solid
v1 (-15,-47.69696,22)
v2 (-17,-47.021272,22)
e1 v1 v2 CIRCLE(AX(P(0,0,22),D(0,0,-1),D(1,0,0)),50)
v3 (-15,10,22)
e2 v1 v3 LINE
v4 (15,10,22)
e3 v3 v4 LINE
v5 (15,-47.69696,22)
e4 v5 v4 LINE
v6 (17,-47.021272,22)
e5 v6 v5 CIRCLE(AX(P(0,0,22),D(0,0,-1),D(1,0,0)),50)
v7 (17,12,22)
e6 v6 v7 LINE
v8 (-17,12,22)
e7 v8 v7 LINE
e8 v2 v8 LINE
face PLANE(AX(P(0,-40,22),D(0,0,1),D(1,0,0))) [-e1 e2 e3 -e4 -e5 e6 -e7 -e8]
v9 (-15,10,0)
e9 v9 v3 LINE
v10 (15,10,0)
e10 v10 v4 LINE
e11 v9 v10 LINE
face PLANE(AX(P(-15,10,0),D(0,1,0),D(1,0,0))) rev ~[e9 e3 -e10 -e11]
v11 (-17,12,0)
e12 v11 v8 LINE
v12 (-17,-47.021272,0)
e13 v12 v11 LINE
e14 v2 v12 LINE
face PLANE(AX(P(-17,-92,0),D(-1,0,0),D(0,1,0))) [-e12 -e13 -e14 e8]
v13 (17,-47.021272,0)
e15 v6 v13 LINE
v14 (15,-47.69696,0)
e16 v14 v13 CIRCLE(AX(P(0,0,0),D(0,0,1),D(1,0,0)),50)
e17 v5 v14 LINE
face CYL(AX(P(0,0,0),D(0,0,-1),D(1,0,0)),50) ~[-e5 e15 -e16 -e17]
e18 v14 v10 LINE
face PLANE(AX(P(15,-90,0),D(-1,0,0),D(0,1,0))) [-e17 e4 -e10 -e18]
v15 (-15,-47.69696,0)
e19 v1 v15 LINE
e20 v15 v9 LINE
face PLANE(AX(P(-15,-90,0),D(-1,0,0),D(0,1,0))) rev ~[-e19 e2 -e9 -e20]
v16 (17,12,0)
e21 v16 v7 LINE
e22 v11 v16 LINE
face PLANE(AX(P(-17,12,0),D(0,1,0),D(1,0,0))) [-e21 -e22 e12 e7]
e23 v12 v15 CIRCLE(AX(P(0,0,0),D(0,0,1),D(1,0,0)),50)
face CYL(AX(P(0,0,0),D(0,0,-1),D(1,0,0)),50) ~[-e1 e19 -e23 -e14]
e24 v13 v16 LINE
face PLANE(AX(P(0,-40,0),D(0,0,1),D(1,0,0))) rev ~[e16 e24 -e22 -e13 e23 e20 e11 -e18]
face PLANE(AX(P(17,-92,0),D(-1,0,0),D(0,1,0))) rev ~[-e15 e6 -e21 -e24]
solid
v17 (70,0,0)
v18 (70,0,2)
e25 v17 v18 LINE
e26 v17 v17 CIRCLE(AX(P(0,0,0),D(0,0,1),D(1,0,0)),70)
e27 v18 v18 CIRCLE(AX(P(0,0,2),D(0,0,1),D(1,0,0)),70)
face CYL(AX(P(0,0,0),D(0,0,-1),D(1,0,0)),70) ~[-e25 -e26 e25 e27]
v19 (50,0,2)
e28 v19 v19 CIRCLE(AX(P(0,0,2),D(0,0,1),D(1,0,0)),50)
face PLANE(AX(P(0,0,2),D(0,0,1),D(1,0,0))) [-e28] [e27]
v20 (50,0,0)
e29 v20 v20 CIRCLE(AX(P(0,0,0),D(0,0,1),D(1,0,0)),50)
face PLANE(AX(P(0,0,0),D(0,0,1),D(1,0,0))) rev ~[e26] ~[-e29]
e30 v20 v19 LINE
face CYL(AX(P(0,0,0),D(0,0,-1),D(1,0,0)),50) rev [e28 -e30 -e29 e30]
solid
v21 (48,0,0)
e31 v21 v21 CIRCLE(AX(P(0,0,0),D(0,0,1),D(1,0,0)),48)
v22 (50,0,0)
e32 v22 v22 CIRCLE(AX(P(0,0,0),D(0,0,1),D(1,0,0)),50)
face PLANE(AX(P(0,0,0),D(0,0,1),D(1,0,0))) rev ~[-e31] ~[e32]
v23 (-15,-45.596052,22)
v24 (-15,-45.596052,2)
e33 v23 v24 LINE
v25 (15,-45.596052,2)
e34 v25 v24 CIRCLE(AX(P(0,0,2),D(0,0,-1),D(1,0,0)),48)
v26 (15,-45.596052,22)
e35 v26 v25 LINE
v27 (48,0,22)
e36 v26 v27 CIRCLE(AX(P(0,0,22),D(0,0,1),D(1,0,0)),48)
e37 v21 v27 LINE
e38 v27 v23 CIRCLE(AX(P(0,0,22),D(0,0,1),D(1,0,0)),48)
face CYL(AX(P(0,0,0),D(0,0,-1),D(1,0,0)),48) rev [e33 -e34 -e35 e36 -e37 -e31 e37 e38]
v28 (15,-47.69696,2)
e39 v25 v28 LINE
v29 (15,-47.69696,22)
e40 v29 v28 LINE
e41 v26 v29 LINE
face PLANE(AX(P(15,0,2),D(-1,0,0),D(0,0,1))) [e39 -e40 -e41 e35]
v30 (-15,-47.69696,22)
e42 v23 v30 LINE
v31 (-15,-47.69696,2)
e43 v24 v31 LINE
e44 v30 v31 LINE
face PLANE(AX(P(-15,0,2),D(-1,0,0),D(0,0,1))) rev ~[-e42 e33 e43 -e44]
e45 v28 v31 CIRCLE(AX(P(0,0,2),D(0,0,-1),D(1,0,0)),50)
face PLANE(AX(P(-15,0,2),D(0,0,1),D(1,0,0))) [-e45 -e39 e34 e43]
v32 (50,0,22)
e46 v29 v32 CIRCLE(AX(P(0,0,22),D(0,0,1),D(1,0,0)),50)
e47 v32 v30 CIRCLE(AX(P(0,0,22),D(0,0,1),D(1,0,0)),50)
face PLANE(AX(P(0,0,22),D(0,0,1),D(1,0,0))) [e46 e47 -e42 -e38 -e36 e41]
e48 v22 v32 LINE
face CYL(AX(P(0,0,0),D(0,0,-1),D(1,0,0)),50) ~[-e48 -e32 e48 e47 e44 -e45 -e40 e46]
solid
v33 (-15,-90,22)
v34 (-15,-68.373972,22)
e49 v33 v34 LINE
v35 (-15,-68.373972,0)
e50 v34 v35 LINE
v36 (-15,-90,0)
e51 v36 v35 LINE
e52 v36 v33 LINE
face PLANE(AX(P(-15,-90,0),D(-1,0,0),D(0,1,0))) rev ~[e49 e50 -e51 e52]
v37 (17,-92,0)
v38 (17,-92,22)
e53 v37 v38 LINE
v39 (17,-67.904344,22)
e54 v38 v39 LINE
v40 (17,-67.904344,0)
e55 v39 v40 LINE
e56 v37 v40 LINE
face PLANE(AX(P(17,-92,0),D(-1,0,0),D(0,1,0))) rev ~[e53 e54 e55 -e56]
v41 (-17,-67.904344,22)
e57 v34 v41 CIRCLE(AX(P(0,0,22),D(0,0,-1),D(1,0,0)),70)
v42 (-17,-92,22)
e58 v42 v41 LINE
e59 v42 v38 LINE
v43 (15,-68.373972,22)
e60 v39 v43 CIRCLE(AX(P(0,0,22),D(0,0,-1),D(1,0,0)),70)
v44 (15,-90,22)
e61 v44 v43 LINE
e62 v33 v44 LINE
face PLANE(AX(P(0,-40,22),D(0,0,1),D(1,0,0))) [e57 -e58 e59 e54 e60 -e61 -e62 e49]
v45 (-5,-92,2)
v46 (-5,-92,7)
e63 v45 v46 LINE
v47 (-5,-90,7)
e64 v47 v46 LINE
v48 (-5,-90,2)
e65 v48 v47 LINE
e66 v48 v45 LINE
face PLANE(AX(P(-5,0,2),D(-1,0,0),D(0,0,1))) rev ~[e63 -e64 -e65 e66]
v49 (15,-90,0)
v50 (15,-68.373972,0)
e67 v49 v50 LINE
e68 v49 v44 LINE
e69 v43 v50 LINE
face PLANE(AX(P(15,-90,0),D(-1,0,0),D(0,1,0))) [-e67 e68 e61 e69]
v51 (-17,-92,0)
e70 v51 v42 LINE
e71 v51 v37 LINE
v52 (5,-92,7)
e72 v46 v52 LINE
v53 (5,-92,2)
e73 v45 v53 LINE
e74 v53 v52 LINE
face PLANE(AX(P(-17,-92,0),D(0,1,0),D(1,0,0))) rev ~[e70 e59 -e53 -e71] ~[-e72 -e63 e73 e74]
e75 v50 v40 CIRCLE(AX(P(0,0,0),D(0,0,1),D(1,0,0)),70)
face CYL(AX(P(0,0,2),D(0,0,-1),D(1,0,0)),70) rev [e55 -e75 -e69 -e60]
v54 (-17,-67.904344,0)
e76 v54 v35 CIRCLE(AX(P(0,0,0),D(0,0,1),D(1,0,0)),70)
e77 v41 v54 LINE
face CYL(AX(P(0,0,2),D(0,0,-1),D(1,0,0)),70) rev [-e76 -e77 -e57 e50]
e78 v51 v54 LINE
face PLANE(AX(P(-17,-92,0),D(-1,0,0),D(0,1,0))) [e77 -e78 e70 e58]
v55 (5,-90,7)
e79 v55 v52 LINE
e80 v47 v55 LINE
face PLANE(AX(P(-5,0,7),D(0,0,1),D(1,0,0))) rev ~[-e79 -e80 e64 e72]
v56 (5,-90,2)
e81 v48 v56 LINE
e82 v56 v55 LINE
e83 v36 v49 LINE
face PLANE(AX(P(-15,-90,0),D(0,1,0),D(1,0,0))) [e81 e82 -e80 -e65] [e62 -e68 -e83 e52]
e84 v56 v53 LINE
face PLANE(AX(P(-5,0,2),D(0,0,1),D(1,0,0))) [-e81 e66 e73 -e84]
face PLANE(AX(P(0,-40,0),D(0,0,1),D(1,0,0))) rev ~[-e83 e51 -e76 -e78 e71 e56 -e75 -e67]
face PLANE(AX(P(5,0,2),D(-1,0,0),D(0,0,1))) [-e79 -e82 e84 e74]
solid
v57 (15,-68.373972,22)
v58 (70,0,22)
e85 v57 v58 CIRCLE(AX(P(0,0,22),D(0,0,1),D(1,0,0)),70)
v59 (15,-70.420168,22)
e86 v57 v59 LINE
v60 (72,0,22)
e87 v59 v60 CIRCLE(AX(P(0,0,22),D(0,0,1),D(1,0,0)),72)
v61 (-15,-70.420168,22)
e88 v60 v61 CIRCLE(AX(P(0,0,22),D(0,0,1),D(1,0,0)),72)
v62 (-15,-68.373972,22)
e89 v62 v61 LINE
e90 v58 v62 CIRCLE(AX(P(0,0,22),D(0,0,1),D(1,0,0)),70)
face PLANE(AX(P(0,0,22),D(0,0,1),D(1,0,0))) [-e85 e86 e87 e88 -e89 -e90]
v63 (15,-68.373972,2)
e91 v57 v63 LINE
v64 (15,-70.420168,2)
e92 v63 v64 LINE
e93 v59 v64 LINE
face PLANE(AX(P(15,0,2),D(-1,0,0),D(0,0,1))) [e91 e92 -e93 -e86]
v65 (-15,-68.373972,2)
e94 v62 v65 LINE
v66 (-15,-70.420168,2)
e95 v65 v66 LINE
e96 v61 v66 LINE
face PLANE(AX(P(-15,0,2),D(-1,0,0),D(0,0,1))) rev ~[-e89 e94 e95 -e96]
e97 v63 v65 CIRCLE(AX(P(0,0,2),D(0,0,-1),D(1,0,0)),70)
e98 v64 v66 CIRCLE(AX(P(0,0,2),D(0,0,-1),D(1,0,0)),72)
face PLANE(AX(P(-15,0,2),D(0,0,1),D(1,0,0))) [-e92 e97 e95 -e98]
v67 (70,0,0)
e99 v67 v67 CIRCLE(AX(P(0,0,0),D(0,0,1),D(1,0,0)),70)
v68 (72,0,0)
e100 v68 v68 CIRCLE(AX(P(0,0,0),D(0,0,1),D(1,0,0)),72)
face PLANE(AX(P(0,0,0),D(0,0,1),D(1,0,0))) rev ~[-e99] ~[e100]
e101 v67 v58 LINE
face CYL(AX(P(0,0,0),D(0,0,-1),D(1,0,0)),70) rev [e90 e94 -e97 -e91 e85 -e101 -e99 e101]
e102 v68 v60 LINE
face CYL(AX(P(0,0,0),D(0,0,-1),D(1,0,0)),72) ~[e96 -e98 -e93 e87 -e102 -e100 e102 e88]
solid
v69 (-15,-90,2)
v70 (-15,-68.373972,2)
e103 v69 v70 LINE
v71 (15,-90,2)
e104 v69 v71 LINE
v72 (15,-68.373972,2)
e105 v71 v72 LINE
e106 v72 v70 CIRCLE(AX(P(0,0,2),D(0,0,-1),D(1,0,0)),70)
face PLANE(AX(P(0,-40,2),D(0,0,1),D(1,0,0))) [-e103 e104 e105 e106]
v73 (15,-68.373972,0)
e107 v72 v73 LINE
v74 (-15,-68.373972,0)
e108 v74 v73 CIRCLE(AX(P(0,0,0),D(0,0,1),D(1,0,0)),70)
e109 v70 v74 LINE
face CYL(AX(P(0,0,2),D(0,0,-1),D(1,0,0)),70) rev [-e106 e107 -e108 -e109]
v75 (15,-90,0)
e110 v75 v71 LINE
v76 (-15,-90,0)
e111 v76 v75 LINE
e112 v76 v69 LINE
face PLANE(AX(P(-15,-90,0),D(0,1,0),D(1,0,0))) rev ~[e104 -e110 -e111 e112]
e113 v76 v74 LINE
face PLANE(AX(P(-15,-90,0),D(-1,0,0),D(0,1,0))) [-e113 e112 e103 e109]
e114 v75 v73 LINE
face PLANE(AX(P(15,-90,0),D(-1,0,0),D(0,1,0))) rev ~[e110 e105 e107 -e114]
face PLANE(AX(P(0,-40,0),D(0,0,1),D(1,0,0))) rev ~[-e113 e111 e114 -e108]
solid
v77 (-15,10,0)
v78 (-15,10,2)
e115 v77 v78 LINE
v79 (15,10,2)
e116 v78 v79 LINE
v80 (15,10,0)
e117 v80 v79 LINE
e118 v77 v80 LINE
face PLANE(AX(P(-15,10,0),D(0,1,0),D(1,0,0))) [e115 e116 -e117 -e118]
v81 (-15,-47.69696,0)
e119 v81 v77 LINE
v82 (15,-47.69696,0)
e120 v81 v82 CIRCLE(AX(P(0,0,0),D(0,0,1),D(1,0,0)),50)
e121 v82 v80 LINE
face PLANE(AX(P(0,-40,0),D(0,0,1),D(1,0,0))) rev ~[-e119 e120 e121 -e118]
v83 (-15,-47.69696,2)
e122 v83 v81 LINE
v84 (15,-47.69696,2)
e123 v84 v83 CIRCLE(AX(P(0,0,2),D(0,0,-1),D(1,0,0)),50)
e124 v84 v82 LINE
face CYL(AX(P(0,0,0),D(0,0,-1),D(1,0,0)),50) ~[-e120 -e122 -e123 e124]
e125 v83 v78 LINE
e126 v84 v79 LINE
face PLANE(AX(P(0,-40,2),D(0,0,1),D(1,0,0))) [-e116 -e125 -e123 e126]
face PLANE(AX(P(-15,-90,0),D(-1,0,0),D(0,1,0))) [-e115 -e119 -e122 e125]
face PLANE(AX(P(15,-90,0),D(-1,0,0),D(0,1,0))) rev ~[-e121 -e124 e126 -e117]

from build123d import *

# Parameters (mm, degrees)
F0_R        = 72
F0_R_2      = 70
F1_DEPTH    = 22
F0_R_3      = 50
F0_R_4      = 48
F2_R        = 70
F2_R_2      = 50
F3_DEPTH    = 2
F4_W        = 34
F4_H        = 104
F4_W_2      = 30
F4_H_2      = 100
F5_DEPTH    = 22
F6_W        = 30
F6_H        = 100
F7_DEPTH    = 2
F8_W        = 30
F8_H        = 20
F9_DEPTH    = 75
F10_W       = 10
F10_H       = 5
F11_DEPTH   = 100
F12_R       = 70
F12_R_2     = 50
F3_FACE_R   = 70
F3_FACE_R_2 = 50
F13_DEPTH   = 25
F14_R       = 70
F14_R_2     = 50
F15_DEPTH   = 2


with BuildPart() as f1:
    # F0 (on Top) → F1 (new body)
    with BuildSketch(Plane.XY):
        Circle(F0_R)
        Circle(F0_R_2, mode=Mode.SUBTRACT)
    extrude(amount=F1_DEPTH)


with BuildPart() as f1b:
    # F0 (on Top) → F1, piece 2 (new body)
    with BuildSketch(Plane.XY):
        Circle(F0_R_3)
        Circle(F0_R_4, mode=Mode.SUBTRACT)
    extrude(amount=F1_DEPTH)


with BuildPart() as f3:
    # F2 (on Top) → F3 (new body)
    with BuildSketch(Plane.XY):
        Circle(F2_R)
        Circle(F2_R_2, mode=Mode.SUBTRACT)
    extrude(amount=F3_DEPTH)


with BuildPart() as f5:
    # F4 (on Top) → F5 (new body)
    with BuildSketch(Plane.XY):
        with Locations((0, -40)):
            Rectangle(F4_W, F4_H)
        with Locations((0, -40)):
            Rectangle(F4_W_2, F4_H_2, mode=Mode.SUBTRACT)
    extrude(amount=F5_DEPTH)

    # F10 (on Front) → F11 (cut)
    with BuildSketch(Plane.XZ):
        with Locations((0, 4.5)):
            Rectangle(F10_W, F10_H)
    extrude(amount=F11_DEPTH, mode=Mode.SUBTRACT)


with BuildPart() as f7:
    # F6 (on Top) → F7 (new body)
    with BuildSketch(Plane.XY):
        with Locations((0, -40)):
            Rectangle(F6_W, F6_H)
    extrude(amount=F7_DEPTH)


with BuildPart() as f9_tool:
    # F8 (on Front) → F9 (new body)
    with BuildSketch(Plane.XZ):
        with Locations((0, 12)):
            Rectangle(F8_W, F8_H)
    extrude(amount=F9_DEPTH)


with BuildPart() as f1_1:
    add(f1.part)

    # F9: cut by f9_tool
    add(f9_tool.part, mode=Mode.SUBTRACT)


with BuildPart() as f1b_1:
    add(f1b.part)

    # F9: cut by f9_tool
    add(f9_tool.part, mode=Mode.SUBTRACT)


with BuildPart() as f13_tool:
    # F12 (on Top) + F3_face (on face) → F13 (new body)
    with BuildSketch(Plane.XY):
        Circle(F12_R)
        Circle(F12_R_2, mode=Mode.SUBTRACT)
    with BuildSketch(Plane.XY.offset(2)):
        Circle(F3_FACE_R)
        Circle(F3_FACE_R_2, mode=Mode.SUBTRACT)
    extrude(amount=F13_DEPTH)


with BuildPart() as f3_1:
    add(f3.part)

    # F13: cut by f13_tool
    add(f13_tool.part, mode=Mode.SUBTRACT)


with BuildPart() as f5_1:
    add(f5.part)

    # F13: cut by f13_tool
    add(f13_tool.part, mode=Mode.SUBTRACT)


with BuildPart() as f7_1:
    add(f7.part)

    # F13: cut by f13_tool
    add(f13_tool.part, mode=Mode.SUBTRACT)


with BuildPart() as f15:
    # F14 (on Top) → F15 (new body)
    with BuildSketch(Plane.XY):
        Circle(F14_R)
        Circle(F14_R_2, mode=Mode.SUBTRACT)
    extrude(amount=F15_DEPTH)


solid = Compound([f1_1.part, f1b_1.part, f5_1.part, f7_1.part, f15.part])
